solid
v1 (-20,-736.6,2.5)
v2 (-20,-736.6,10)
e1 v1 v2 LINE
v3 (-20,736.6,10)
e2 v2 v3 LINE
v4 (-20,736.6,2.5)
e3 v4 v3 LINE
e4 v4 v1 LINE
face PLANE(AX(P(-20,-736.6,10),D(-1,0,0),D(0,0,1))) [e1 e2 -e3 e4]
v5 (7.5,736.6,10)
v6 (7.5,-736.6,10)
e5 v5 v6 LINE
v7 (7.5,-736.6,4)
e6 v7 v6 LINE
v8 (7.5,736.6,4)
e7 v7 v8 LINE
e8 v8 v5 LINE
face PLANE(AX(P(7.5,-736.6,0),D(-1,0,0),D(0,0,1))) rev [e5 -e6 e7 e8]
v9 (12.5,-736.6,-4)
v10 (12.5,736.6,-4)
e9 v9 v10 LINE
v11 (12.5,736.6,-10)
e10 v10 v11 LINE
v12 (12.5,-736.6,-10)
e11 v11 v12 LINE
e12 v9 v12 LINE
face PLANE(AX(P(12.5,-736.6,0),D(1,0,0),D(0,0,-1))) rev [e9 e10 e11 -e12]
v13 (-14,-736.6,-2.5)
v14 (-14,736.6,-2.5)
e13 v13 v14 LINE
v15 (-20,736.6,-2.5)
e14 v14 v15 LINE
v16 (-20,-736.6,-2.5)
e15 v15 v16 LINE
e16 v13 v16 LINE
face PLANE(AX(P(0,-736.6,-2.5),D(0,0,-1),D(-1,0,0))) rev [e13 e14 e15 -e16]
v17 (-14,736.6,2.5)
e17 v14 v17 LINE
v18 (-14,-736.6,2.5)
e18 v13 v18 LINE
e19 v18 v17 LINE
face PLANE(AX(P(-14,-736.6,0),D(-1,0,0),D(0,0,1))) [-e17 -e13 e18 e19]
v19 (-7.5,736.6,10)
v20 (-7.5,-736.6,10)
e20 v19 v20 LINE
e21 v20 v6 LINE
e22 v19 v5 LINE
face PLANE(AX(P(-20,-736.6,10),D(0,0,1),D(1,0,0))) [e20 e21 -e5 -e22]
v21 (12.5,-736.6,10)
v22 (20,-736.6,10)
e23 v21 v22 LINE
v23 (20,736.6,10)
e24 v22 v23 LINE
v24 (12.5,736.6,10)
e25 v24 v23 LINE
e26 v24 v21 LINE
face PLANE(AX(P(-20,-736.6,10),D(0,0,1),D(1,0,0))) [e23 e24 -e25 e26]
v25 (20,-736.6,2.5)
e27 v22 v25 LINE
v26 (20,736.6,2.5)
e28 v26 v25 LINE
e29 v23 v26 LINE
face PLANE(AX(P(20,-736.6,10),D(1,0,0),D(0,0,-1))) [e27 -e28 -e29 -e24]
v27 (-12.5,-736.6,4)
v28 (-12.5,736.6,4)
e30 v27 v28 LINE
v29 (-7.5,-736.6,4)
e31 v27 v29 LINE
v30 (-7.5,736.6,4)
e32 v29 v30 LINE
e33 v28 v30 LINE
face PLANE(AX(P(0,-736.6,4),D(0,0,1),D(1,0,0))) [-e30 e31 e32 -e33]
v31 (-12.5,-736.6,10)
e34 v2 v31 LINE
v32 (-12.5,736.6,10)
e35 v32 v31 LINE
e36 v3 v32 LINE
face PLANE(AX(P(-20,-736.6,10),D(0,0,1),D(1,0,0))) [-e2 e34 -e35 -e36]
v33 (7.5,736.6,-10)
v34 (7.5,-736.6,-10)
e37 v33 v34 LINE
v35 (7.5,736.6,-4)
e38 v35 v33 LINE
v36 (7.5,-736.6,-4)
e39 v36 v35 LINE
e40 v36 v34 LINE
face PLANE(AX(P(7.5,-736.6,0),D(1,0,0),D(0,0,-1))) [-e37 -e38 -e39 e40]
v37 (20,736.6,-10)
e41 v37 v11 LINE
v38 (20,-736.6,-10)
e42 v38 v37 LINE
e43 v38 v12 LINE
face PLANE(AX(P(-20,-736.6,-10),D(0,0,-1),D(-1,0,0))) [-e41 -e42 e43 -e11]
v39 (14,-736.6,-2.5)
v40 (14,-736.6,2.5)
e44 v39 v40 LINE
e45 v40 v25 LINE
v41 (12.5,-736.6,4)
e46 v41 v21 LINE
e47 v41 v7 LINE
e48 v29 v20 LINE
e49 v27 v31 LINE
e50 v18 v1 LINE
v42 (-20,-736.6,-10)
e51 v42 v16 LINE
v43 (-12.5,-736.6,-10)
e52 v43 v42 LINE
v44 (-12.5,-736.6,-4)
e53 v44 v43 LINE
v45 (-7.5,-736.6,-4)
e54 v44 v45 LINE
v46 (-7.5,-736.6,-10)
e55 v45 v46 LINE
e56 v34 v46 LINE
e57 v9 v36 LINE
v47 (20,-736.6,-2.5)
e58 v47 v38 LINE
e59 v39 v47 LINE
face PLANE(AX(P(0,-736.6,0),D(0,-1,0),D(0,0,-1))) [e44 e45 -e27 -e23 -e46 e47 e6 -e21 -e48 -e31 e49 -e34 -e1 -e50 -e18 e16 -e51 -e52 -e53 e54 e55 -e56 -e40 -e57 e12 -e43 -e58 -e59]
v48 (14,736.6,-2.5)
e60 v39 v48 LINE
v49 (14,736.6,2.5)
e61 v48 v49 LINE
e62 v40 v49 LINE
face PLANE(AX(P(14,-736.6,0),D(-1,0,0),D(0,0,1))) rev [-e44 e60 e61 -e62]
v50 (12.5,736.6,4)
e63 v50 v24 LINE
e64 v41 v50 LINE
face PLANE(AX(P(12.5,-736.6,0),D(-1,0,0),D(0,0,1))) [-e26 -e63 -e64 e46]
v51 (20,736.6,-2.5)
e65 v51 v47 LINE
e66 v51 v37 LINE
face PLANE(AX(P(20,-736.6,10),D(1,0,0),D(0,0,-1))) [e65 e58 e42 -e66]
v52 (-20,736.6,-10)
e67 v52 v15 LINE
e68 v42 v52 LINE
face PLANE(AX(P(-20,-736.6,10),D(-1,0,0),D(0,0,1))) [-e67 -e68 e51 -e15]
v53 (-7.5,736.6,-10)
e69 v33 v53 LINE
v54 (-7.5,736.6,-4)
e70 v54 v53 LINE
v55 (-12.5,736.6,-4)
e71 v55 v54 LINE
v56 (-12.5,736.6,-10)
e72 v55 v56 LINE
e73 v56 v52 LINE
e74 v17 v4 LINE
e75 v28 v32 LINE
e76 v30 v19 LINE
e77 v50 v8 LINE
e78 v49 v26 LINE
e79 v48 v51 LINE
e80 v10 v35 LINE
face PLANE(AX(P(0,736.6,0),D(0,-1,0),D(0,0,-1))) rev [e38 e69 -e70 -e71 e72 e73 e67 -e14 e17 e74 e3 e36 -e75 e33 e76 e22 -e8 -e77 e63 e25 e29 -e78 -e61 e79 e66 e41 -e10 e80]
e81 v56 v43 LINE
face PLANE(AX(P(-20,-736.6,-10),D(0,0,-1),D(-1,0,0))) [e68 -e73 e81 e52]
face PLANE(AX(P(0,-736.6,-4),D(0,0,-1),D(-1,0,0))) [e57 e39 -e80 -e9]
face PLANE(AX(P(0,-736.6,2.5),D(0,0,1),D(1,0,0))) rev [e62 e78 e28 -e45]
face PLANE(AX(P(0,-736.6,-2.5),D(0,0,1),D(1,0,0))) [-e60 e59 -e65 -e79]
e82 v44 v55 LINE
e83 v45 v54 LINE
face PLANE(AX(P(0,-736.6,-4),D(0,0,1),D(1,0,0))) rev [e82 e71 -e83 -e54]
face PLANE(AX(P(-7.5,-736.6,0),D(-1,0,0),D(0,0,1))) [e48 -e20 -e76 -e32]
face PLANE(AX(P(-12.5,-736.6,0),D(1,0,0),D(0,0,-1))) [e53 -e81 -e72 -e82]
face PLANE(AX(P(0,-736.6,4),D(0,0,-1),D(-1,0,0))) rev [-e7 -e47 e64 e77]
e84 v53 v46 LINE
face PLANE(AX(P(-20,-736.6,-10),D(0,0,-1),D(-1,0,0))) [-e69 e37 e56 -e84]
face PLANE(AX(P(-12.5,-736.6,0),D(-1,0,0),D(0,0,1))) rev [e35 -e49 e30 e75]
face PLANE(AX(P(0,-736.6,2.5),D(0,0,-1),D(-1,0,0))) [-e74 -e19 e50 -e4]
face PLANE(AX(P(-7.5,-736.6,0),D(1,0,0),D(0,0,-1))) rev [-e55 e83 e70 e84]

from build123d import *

# Parameters (mm, degrees)
BOSS_EXTRUDE1_DEPTH      = 736.6
BOSS_EXTRUDE1_DEPTH_BACK = 736.6
SKETCH1_W                = 40
SKETCH1_H                = 20
CUT_EXTRUDE1_DEPTH       = 737.939319076
CUT_EXTRUDE1_DEPTH_BACK  = 737.939319076
SKETCH2_W                = 5
SKETCH2_H                = 12
SKETCH2_W_2              = 12
SKETCH2_H_2              = 5


with BuildPart() as part:
    # Sketch1 → Boss-Extrude1 (new, two sides: drawn at the far end of the back side and taken through both)
    with BuildSketch(Plane(origin=(0, 0, 0), x_dir=(1, 0, 0), z_dir=(0, 1, 0)).offset(-BOSS_EXTRUDE1_DEPTH_BACK)):
        Rectangle(SKETCH1_W, SKETCH1_H)
    extrude(amount=BOSS_EXTRUDE1_DEPTH + BOSS_EXTRUDE1_DEPTH_BACK)

    # Sketch2 → Cut-Extrude1 (cut, two sides: drawn at the far end of the back side and taken through both)
    with BuildSketch(Plane(origin=(0, 0, 0), x_dir=(1, 0, 0), z_dir=(0, 1, 0)).offset(-CUT_EXTRUDE1_DEPTH_BACK)):
        with Locations((-10, 10)):
            Rectangle(SKETCH2_W, SKETCH2_H)
        with Locations((-10, -10)):
            Rectangle(SKETCH2_W, SKETCH2_H)
        with Locations((-20, 0)):
            Rectangle(SKETCH2_W_2, SKETCH2_H_2)
        with Locations((10, 10)):
            Rectangle(SKETCH2_W, SKETCH2_H)
        with Locations((20, 0)):
            Rectangle(SKETCH2_W_2, SKETCH2_H_2)
        with Locations((10, -10)):
            Rectangle(SKETCH2_W, SKETCH2_H)
    extrude(amount=CUT_EXTRUDE1_DEPTH + CUT_EXTRUDE1_DEPTH_BACK, mode=Mode.SUBTRACT)


solid = part.part
